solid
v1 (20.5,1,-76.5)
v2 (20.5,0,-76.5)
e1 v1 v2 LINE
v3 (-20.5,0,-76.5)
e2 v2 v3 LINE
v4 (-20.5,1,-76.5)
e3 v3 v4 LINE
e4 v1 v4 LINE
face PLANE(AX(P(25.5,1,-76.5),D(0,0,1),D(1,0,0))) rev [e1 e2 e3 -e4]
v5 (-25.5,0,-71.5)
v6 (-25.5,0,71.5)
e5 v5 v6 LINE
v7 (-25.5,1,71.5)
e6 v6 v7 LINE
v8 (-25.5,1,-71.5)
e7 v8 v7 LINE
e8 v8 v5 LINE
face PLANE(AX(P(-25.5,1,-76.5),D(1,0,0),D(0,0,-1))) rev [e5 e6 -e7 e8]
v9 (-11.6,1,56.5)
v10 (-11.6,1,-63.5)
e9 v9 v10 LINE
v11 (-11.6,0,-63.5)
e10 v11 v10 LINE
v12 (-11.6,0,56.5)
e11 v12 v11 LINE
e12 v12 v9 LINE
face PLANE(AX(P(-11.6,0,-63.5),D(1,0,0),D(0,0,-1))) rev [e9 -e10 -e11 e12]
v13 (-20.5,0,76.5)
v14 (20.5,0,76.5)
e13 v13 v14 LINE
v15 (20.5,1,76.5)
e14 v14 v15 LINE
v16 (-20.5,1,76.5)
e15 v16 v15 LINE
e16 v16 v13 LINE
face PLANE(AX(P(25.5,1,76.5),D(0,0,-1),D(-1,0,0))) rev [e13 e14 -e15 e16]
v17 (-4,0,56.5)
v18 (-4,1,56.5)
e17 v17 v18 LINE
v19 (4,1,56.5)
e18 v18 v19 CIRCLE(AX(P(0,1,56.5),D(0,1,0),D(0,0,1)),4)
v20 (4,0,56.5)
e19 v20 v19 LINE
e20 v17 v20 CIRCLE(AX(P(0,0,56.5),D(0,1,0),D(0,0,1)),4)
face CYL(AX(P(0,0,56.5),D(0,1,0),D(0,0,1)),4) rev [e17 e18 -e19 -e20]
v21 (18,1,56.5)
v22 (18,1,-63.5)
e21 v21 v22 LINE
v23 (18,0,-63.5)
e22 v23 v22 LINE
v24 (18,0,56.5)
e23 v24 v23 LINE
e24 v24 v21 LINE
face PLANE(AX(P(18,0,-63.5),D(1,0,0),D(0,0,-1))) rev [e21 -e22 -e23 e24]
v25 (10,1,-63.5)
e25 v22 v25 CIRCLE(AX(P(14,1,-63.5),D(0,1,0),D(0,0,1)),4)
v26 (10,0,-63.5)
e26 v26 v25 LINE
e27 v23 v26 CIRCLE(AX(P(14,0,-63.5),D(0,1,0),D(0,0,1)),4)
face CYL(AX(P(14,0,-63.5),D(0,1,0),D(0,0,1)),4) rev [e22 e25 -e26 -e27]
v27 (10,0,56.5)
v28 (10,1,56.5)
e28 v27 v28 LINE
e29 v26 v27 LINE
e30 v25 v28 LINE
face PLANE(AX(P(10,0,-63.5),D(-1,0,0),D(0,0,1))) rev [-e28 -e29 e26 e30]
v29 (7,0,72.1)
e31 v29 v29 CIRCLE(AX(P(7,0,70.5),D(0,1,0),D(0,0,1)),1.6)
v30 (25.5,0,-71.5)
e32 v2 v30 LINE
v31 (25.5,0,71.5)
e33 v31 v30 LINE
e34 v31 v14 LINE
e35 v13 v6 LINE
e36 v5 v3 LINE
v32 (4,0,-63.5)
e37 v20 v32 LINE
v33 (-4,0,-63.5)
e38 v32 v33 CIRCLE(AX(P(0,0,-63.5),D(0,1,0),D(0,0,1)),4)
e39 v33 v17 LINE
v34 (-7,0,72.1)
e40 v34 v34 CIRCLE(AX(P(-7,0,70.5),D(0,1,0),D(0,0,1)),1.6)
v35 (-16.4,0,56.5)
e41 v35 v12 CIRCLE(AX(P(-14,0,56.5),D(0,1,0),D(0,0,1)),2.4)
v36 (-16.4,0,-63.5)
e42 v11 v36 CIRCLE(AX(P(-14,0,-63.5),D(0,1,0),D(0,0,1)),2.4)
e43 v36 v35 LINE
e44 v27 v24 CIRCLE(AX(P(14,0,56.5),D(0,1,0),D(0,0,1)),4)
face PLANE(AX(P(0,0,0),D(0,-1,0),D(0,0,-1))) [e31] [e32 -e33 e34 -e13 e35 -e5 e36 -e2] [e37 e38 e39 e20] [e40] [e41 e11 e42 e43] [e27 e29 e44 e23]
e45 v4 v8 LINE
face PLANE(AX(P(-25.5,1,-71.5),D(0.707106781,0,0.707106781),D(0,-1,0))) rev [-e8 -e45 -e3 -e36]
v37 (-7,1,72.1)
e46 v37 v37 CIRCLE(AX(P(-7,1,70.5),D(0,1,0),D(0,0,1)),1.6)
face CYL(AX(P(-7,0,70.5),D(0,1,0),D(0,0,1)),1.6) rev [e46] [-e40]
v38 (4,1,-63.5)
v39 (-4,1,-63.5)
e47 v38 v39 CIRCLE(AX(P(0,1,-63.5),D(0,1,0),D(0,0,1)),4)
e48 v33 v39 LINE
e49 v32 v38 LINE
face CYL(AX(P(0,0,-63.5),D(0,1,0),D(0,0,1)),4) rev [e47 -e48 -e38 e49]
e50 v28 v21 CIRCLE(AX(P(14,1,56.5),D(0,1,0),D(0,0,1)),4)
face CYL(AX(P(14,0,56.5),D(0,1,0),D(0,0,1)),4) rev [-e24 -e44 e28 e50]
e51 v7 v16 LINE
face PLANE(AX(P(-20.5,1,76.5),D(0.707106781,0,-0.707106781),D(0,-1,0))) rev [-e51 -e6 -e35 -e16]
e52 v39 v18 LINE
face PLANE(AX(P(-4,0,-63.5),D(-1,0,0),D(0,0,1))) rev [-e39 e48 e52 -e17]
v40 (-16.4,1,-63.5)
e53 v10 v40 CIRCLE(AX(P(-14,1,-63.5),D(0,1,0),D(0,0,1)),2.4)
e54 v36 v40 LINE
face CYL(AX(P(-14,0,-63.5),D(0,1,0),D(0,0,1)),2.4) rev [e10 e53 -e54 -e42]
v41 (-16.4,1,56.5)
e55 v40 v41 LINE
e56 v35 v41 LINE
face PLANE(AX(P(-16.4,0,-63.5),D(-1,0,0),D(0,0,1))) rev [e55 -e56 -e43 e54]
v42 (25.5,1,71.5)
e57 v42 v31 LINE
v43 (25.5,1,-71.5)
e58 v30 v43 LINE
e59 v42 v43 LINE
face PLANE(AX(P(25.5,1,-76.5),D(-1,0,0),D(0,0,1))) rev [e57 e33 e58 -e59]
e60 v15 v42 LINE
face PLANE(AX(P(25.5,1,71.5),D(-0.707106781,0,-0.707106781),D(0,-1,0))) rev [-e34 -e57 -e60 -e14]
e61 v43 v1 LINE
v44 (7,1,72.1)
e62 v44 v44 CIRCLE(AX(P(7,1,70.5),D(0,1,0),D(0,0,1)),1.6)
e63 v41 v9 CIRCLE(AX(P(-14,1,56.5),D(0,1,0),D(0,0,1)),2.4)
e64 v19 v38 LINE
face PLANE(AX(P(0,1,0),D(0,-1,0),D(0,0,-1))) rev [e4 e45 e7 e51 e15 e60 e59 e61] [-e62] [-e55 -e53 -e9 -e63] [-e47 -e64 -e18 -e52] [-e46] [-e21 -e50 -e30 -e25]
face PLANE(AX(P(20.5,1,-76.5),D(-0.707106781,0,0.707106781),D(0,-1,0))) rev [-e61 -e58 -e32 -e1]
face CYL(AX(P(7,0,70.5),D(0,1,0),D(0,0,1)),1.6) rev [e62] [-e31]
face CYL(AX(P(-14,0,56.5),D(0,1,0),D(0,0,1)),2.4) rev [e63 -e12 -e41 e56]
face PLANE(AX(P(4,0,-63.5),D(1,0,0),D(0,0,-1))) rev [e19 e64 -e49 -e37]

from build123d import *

# Parameters (mm, degrees)
SKETCH_1_W          = 51
SKETCH_1_H          = 153
EXTRUDE_1_DEPTH     = 1
SKETCH_2_R          = 1.6
CUT_EXTRUDE_1_DEPTH = 2
CHAMFER_1_SIZE      = 5
EXTRUDE_2_DEPTH     = 1


with BuildPart() as part:
    # 草图1 → 凸台-拉伸1 (new body)
    with BuildSketch(Plane(origin=(0, 0, 0), x_dir=(1, 0, 0), z_dir=(0, 1, 0))):
        Rectangle(SKETCH_1_W, SKETCH_1_H)
    extrude(amount=EXTRUDE_1_DEPTH)

    # 草图2 → 切除-拉伸1 (cut, through all)
    with BuildSketch(Plane(origin=(0, 1, 0), x_dir=(1, 0, 0), z_dir=(0, 1, 0))):
        with Locations((-7, -70.5)):
            Circle(SKETCH_2_R)
        with Locations((7, -70.5)):
            Circle(SKETCH_2_R)
        with BuildLine():
            Line((-10, 63.5), (-10, -56.5))
            ThreePointArc((-10, -56.5), (-14, -60.5), (-18, -56.5))
            Line((-18, -56.5), (-18, 63.5))
            ThreePointArc((-18, 63.5), (-14, 67.5), (-10, 63.5))
        make_face()
        with BuildLine():
            Line((4, 63.5), (4, -56.5))
            ThreePointArc((4, -56.5), (0, -60.5), (-4, -56.5))
            Line((-4, -56.5), (-4, 63.5))
            ThreePointArc((-4, 63.5), (0, 67.5), (4, 63.5))
        make_face()
        with BuildLine():
            Line((18, 63.5), (18, -56.5))
            ThreePointArc((18, -56.5), (14, -60.5), (10, -56.5))
            Line((10, -56.5), (10, 63.5))
            ThreePointArc((10, 63.5), (14, 67.5), (18, 63.5))
        make_face()
    extrude(amount=-CUT_EXTRUDE_1_DEPTH, mode=Mode.SUBTRACT)

    # 倒角1
    chamfer_1_edges = [part.edges().sort_by_distance(p)[0] for p in [
        (-25.5, 0.5, -76.5),
        (25.5, 0.5, -76.5),
        (25.5, 0.5, 76.5),
        (-25.5, 0.5, 76.5),
    ]]
    chamfer(chamfer_1_edges, length=CHAMFER_1_SIZE)

    # 草图4 → 凸台-拉伸2 (add)
    with BuildSketch(Plane(origin=(0, 1, 0), x_dir=(1, 0, 0), z_dir=(0, 1, 0))):
        with BuildLine():
            Line((-10, -56.5), (-10, 63.5))
            ThreePointArc((-10, 63.5), (-14, 67.5), (-18, 63.5))
            Line((-18, 63.5), (-18, -56.5))
            ThreePointArc((-18, -56.5), (-14, -60.5), (-10, -56.5))
        make_face()
        with BuildLine():
            Line((-11.6, 63.5), (-11.6, -56.5))
            ThreePointArc((-11.6, -56.5), (-14, -58.9), (-16.4, -56.5))
            Line((-16.4, -56.5), (-16.4, 63.5))
            ThreePointArc((-16.4, 63.5), (-14, 65.9), (-11.6, 63.5))
        make_face(mode=Mode.SUBTRACT)
    extrude(amount=-EXTRUDE_2_DEPTH)


solid = part.part
